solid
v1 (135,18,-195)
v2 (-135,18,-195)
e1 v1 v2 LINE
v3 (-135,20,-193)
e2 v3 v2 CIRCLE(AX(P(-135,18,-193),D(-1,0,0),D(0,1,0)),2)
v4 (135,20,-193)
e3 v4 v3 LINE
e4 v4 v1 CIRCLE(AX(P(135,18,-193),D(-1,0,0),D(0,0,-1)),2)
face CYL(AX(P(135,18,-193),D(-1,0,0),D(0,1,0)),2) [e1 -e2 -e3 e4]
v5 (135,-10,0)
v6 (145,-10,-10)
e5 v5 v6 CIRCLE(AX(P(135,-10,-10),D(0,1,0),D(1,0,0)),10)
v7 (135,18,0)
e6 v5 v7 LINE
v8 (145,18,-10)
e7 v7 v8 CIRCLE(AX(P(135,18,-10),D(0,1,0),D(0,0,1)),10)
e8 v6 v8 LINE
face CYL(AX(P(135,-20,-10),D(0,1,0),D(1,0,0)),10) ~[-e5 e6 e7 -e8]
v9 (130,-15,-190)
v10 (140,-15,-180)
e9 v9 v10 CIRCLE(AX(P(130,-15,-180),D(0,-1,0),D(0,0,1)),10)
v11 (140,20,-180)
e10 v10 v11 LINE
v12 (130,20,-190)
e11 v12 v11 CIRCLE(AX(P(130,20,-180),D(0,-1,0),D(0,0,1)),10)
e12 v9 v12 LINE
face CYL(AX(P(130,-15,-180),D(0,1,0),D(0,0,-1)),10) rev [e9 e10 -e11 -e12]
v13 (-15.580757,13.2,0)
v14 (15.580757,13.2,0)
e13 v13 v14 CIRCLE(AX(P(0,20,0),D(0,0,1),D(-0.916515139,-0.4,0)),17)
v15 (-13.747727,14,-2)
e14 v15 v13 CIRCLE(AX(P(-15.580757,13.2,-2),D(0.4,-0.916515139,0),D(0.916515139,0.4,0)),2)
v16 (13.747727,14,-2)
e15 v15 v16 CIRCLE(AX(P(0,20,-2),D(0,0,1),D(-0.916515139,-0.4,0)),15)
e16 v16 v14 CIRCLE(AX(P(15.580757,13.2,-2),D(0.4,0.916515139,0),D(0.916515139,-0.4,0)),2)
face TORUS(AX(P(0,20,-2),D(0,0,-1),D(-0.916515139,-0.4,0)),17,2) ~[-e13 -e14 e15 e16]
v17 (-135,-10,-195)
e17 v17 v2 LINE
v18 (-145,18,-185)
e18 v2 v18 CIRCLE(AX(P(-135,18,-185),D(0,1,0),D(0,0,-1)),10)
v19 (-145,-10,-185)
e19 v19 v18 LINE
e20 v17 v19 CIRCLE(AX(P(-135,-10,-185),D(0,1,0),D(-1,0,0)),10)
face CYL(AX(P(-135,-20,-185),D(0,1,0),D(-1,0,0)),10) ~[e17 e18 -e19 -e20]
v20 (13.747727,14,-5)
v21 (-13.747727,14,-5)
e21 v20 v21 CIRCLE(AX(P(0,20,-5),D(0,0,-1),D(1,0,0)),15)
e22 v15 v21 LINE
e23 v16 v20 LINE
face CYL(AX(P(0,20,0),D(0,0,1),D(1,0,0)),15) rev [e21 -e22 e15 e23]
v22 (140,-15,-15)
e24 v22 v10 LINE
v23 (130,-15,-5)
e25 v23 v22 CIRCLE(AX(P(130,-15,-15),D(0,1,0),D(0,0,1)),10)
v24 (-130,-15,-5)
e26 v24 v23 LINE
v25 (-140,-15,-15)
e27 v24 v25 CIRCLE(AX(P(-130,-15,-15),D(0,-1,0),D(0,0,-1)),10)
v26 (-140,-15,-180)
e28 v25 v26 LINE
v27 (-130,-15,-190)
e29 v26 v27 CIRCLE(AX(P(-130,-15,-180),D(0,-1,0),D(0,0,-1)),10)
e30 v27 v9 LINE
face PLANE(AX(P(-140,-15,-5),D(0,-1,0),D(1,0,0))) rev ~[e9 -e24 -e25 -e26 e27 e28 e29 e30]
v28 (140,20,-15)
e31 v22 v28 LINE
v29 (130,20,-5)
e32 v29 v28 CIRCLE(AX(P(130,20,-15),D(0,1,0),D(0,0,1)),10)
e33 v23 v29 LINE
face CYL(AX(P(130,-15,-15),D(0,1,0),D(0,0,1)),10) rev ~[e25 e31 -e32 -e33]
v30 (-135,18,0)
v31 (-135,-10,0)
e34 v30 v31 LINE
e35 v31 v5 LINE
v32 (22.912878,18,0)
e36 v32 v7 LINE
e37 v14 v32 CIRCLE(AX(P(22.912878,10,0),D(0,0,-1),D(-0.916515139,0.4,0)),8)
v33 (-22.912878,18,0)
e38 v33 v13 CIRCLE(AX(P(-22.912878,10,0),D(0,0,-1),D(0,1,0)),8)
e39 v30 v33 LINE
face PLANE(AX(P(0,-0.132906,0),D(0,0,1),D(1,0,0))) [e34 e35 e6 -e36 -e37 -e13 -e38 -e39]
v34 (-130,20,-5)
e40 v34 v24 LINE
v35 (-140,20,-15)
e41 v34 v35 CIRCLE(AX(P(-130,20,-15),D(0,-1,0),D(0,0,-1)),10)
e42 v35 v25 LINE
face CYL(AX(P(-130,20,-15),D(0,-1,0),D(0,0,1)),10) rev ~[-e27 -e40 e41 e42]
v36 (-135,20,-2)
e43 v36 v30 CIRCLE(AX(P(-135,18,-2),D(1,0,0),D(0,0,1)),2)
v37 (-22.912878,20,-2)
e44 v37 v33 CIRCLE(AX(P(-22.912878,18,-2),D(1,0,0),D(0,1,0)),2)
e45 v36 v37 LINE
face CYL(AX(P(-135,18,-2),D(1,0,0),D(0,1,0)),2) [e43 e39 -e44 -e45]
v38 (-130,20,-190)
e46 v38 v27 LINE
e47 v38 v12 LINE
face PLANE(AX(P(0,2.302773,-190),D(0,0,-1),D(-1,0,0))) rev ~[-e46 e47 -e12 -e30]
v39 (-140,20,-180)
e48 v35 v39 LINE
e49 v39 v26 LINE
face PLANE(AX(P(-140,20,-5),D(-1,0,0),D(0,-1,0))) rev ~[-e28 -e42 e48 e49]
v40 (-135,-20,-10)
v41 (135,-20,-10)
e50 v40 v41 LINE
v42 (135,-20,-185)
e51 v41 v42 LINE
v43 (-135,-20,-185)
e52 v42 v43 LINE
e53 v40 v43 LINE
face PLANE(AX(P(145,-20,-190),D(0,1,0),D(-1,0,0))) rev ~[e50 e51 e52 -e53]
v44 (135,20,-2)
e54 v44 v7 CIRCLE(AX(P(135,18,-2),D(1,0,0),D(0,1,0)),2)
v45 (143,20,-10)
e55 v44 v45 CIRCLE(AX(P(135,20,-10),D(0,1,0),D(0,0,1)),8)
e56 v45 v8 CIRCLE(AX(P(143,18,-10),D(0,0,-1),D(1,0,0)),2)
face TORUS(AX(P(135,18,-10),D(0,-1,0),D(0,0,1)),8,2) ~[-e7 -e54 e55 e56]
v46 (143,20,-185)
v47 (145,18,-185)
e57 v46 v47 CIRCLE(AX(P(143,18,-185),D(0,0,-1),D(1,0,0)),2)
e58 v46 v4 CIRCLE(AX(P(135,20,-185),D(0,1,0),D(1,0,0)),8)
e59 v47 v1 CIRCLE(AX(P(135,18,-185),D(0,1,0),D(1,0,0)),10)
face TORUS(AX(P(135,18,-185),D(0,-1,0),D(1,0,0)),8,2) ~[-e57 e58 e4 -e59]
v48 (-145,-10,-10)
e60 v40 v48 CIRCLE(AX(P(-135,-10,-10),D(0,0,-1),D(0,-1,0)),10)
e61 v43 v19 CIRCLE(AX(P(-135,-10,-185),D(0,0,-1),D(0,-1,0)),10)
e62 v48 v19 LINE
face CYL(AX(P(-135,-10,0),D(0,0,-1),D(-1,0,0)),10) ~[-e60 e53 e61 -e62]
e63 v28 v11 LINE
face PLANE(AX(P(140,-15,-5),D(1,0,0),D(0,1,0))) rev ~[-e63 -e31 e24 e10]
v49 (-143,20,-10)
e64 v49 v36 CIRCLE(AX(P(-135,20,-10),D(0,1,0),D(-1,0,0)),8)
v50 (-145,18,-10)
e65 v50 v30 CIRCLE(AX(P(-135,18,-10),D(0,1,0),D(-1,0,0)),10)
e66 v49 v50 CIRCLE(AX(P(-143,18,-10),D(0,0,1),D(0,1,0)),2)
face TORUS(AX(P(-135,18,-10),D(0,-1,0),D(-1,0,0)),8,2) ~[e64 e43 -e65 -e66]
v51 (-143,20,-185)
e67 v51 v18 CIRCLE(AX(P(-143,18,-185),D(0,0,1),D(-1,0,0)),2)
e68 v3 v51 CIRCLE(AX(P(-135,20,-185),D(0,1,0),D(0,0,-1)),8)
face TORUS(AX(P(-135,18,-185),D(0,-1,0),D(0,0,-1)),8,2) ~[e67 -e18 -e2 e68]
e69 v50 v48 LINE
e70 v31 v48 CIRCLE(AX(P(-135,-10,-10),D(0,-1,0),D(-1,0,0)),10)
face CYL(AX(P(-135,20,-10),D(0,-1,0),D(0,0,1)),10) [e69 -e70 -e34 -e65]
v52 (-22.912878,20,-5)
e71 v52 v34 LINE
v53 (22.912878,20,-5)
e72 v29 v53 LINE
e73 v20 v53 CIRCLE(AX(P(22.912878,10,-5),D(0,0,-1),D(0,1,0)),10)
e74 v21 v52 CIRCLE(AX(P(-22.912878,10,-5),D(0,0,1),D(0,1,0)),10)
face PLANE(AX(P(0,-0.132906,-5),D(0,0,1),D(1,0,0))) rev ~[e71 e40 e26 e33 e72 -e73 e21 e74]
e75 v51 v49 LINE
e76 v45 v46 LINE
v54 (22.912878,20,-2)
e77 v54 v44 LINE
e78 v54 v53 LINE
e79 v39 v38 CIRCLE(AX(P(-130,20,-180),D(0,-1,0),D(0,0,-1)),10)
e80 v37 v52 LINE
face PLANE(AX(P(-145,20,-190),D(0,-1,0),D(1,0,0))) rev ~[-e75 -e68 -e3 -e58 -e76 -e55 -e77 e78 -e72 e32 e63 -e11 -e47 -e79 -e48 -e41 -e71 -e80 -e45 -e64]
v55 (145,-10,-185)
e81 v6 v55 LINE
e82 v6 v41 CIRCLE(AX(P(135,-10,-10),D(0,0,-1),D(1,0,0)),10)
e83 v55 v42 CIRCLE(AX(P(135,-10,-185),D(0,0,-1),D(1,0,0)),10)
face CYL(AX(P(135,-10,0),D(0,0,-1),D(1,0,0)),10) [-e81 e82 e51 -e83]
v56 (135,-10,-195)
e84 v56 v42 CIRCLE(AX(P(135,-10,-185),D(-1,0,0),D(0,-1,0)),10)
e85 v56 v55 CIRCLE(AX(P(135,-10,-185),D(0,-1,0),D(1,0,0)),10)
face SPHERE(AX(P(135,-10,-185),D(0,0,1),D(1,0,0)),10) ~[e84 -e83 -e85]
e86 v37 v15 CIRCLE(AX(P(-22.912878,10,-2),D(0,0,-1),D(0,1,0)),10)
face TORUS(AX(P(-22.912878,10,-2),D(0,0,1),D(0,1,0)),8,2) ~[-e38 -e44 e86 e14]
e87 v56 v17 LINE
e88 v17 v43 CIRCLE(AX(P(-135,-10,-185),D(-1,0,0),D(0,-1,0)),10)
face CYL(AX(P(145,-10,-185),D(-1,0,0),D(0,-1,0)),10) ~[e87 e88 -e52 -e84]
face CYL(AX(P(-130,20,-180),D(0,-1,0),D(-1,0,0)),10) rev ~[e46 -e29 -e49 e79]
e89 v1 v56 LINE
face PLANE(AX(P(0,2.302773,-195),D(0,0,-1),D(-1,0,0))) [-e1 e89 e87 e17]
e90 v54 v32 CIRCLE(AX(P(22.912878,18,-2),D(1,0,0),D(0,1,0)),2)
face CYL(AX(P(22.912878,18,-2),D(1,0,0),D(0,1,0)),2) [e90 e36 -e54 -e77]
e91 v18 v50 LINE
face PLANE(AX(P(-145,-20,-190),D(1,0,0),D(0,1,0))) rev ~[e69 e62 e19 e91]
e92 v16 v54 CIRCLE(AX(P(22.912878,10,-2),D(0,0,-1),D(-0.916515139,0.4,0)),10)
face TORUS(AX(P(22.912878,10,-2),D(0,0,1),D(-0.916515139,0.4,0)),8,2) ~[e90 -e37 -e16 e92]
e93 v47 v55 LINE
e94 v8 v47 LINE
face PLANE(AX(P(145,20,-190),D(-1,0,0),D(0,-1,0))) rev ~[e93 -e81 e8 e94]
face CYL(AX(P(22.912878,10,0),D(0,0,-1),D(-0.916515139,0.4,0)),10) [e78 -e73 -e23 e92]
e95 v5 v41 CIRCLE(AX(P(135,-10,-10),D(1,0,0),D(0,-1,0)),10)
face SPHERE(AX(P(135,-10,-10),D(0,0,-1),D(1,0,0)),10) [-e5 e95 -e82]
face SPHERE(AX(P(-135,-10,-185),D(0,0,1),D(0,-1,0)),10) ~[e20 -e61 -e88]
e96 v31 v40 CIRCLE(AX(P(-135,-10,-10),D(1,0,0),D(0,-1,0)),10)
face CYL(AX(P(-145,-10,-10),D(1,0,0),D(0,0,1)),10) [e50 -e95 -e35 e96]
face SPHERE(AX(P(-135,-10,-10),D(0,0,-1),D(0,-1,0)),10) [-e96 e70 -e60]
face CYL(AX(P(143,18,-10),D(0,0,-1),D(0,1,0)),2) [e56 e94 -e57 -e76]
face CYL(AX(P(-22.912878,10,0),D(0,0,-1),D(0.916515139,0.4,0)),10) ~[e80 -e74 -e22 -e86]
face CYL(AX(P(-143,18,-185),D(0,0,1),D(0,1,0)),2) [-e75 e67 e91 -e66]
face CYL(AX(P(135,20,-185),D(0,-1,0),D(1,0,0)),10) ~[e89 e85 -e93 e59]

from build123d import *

# Parameters (mm, degrees)
BOSS_EXTRUDE1_DEPTH = 5
BOSS_EXTRUDE2_DEPTH = 185
BOSS_EXTRUDE3_DEPTH = 5
FILLET1_R           = 10
FILLET2_R           = 2


with BuildPart() as part:
    # Sketch1 → Boss-Extrude1 (new body)
    with BuildSketch(Plane.XY):
        with BuildLine():
            Line((-145, 20), (-145, -20))
            Line((-145, -20), (145, -20))
            Line((145, -20), (145, 20))
            Line((145, 20), (15, 20))
            ThreePointArc((15, 20), (0, 5), (-15, 20))
            Line((-15, 20), (-145, 20))
        make_face()
    extrude(amount=-BOSS_EXTRUDE1_DEPTH)

    # Sketch2 → Boss-Extrude2 (add)
    with BuildSketch(Plane(origin=(0, 0, -5), x_dir=(-1, 0, 0), z_dir=(0, 0, -1))):
        Polygon((-140, -15), (-140, 15), (-140, 20), (-145, 20), (-145, -20), (145, -20), (145, 20), (140, 20), (140, 15), (140, -15), align=None)
    extrude(amount=BOSS_EXTRUDE2_DEPTH)

    # Sketch3 → Boss-Extrude3 (add)
    with BuildSketch(Plane(origin=(0, 0, -190), x_dir=(-1, 0, 0), z_dir=(0, 0, -1))):
        with BuildLine():
            Line((140, -15), (140, 20))
            Line((140, 20), (15, 20))
            ThreePointArc((15, 20), (0, 5), (-15, 20))
            Line((-15, 20), (-140, 20))
            Line((-140, 20), (-140, -15))
            Line((-140, -15), (140, -15))
        make_face()
        with BuildLine():
            ThreePointArc((-15, 20), (0, 5), (15, 20))
            Line((15, 20), (-15, 20))
        make_face()
        Polygon((145, 20), (140, 20), (140, -15), (-140, -15), (-140, 20), (-145, 20), (-145, -20), (145, -20), align=None)
    extrude(amount=BOSS_EXTRUDE3_DEPTH)

    # Fillet1
    fillet1_edges = [part.edges().sort_by_distance(p)[0] for p in [
        (145, -20, -97.5),
        (-145, -20, -97.5),
        (-15, 20, -2.5),
        (15, 20, -2.5),
        (-140, 2.5, -190),
        (140, 2.5, -190),
        (-140, 2.5, -5),
        (140, 2.5, -5),
        (145, 0, -195),
        (0, -20, -195),
        (-145, 0, -195),
        (145, 0, 0),
        (0, -20, 0),
        (-145, 0, 0),
    ]]
    fillet(fillet1_edges, radius=FILLET1_R)

    # Fillet2
    fillet2_edges = [part.edges().sort_by_distance(p)[0] for p in [
        (142.071067812, 20, -192.071067812),
        (-142.071067812, 20, -192.071067812),
        (142.071067812, 20, -2.928932188),
        (-142.071067812, 20, -2.928932188),
        (0, 20, -195),
        (-145, 20, -97.5),
        (145, 20, -97.5),
        (78.956439237, 20, 0),
        (0, 5, 0),
        (-78.956439237, 20, 0),
        (-17.4356529, 18.366600265, 0),
        (17.4356529, 18.366600265, 0),
    ]]
    fillet(fillet2_edges, radius=FILLET2_R)


solid = part.part
